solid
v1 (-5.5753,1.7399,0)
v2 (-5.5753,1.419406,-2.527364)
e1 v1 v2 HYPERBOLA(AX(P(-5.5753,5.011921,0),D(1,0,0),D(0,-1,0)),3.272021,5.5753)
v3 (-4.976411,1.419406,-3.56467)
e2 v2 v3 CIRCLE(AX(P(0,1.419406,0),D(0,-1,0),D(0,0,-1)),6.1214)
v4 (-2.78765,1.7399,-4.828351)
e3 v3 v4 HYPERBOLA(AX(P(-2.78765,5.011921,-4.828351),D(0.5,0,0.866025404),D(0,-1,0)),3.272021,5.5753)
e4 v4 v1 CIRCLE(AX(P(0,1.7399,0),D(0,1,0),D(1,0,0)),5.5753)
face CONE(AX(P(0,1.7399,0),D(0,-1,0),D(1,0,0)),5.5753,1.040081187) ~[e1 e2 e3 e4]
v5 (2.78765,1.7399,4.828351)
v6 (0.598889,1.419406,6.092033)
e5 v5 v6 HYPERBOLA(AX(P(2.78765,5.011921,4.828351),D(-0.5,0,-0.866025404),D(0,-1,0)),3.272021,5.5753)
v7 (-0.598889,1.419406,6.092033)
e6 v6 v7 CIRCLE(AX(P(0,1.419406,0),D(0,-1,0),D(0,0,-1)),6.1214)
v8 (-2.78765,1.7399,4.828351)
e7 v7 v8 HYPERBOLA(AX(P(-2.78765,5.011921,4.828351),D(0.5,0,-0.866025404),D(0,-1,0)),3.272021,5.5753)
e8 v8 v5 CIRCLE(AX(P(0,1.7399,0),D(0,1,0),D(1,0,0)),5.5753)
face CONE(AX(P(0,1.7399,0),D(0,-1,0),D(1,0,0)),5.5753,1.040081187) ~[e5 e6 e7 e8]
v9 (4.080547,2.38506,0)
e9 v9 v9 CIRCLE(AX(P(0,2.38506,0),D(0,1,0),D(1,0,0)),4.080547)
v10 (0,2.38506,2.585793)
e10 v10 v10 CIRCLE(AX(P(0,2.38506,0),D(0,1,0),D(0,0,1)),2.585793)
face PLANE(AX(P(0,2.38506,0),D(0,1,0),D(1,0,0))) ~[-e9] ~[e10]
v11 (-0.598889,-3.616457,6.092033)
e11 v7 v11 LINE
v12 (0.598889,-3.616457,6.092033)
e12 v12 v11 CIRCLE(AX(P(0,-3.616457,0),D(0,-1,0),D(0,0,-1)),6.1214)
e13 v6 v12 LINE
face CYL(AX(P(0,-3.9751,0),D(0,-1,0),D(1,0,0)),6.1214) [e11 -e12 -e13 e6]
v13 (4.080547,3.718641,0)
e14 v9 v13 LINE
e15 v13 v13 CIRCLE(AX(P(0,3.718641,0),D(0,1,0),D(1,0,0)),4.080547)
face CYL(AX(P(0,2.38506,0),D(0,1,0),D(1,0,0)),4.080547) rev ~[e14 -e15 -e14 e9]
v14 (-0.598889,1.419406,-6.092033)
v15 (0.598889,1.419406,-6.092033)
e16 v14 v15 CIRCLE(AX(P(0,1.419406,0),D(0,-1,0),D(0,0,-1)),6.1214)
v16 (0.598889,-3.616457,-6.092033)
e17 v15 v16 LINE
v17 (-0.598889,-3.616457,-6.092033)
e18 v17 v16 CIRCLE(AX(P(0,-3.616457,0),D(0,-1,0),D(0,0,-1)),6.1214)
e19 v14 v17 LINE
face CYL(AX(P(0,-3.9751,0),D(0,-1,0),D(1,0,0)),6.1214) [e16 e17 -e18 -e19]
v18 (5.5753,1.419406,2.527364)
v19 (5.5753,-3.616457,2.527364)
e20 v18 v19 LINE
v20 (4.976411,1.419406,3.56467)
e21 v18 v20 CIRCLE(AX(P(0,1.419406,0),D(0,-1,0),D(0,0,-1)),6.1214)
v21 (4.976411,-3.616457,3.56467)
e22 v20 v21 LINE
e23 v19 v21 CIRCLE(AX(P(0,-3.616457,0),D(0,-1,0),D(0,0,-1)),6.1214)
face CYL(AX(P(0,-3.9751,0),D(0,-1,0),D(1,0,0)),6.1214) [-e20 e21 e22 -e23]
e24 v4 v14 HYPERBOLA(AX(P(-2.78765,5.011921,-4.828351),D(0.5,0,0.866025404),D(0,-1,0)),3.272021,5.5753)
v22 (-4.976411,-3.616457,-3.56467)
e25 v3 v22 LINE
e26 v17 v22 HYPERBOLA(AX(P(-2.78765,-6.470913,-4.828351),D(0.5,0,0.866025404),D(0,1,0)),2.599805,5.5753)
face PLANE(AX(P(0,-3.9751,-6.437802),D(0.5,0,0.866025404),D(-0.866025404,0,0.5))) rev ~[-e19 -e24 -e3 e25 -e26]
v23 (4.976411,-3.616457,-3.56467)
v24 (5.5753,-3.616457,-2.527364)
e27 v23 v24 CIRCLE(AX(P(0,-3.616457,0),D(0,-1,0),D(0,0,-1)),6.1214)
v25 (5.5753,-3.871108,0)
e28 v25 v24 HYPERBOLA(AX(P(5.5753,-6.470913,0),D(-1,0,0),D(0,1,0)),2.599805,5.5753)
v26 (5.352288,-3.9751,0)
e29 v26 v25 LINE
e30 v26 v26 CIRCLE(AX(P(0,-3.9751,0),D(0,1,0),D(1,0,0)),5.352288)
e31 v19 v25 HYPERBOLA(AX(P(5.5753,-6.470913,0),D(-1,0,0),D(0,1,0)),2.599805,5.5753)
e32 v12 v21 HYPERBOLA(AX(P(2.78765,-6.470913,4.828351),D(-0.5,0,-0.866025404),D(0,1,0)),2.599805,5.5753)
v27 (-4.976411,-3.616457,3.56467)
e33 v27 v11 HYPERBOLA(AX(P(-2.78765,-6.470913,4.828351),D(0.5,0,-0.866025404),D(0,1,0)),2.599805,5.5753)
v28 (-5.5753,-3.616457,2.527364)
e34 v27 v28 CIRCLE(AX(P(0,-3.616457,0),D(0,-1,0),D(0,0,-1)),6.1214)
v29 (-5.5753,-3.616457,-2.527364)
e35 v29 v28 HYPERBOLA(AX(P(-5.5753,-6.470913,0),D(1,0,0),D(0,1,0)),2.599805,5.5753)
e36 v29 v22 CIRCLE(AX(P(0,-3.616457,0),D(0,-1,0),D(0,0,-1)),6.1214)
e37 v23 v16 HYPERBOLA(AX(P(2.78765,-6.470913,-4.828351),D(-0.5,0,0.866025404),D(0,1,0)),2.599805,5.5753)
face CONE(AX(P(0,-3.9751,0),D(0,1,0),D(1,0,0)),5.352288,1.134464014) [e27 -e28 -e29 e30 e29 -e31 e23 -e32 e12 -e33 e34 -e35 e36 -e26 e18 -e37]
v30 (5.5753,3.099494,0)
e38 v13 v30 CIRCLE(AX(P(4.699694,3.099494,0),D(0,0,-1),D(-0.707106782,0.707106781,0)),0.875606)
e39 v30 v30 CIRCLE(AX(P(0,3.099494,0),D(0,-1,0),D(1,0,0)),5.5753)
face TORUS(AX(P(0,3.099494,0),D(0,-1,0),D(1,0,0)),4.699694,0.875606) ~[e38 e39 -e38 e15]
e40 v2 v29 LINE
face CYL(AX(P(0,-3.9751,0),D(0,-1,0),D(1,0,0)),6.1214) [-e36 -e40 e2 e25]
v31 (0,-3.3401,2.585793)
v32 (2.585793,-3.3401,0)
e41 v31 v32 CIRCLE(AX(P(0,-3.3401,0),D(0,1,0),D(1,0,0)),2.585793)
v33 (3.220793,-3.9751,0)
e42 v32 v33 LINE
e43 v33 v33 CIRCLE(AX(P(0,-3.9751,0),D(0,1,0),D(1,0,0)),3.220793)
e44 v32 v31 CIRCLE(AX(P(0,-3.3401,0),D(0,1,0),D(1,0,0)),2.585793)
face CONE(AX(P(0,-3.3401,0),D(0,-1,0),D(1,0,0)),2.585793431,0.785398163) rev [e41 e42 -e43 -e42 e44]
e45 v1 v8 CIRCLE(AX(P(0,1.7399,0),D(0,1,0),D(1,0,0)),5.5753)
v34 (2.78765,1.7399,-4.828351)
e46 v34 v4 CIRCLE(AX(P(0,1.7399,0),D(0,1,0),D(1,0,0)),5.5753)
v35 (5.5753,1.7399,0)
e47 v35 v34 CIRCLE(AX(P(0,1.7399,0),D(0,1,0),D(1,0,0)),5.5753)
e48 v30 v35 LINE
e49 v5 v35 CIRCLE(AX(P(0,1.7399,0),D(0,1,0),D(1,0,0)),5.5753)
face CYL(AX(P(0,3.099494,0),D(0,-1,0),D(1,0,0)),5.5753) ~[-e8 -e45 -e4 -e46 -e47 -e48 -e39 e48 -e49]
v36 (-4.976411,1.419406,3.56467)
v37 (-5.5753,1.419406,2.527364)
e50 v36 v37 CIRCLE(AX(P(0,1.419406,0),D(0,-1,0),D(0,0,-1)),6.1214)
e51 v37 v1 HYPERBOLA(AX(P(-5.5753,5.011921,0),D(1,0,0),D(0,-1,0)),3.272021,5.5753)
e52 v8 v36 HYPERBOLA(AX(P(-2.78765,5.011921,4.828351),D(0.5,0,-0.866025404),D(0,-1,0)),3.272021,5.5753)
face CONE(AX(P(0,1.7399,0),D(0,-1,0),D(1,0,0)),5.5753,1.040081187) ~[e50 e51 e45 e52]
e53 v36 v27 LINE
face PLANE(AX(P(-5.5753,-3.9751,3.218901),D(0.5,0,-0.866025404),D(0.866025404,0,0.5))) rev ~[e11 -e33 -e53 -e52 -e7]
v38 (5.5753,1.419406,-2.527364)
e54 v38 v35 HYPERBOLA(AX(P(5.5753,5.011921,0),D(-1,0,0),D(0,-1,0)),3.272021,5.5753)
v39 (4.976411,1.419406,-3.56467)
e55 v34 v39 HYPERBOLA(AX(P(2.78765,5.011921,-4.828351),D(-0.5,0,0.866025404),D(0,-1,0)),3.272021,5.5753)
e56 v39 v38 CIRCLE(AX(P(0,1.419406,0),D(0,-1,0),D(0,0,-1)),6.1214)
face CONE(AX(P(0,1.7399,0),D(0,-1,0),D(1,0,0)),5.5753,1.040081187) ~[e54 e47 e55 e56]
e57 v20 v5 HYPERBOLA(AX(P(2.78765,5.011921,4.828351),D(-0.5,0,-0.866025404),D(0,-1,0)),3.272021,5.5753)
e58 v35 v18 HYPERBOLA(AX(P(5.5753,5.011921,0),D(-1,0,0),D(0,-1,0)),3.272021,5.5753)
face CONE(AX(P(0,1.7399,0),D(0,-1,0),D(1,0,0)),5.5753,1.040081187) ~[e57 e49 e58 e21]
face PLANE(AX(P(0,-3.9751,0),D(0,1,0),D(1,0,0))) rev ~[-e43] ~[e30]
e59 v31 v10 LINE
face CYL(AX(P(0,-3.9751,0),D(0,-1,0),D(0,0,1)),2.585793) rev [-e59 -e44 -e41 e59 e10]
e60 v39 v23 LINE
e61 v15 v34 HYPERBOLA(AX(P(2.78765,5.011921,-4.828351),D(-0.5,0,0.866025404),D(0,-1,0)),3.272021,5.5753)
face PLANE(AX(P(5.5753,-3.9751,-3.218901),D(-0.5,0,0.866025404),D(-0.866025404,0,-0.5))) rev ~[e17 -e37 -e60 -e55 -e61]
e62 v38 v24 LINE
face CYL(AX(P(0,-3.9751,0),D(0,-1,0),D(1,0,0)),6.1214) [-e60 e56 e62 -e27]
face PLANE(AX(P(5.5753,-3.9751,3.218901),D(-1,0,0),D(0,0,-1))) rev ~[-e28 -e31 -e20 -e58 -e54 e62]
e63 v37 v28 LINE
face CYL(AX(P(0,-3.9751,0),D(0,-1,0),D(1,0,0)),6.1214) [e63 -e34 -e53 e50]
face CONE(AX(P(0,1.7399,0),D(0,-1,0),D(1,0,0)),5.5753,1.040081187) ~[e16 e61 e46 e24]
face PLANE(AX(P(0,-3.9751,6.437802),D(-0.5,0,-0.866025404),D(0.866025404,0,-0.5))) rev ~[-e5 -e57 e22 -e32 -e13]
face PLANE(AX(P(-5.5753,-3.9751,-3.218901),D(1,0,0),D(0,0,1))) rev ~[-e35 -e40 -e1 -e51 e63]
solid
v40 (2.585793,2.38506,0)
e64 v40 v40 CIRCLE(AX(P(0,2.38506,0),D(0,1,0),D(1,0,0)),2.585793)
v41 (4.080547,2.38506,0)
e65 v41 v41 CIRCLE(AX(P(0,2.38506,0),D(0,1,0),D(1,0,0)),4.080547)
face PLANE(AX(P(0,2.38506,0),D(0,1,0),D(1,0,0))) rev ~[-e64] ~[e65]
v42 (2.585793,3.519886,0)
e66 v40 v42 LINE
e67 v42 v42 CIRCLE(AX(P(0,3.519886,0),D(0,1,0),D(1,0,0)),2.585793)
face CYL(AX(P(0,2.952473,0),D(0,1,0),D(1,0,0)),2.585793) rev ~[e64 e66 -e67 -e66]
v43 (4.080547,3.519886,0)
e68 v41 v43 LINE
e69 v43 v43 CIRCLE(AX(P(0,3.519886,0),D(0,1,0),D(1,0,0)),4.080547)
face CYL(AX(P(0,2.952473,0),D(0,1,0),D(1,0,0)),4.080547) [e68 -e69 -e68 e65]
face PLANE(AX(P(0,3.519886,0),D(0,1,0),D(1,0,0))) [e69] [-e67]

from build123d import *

# Parameters (mm, degrees)
BOSS_EXTRUDE1_DEPTH      = 3.9751
BOSS_EXTRUDE1_DEPTH_BACK = 3.9751
SKETCH2_R                = 2.585793431
SKETCH4_W                = 1.494753284
SKETCH4_H                = 1.134825881
SKETCH11_OUTSIDE_W       = 16.91
SKETCH11_OUTSIDE_H       = 18.636
SKETCH11_OUTSIDE_R       = 6.1214
CUT_EXTRUDE1_DEPTH       = 12.650534115


with BuildPart() as part:
    # Sketch2 → Boss-Extrude1 (new, two sides: drawn at the far end of the back side and taken through both)
    with BuildSketch(Plane(origin=(0, 0, 0), x_dir=(1, 0, 0), z_dir=(0, 1, 0)).offset(-BOSS_EXTRUDE1_DEPTH_BACK)):
        Polygon((0, 6.437801912), (-5.5753, 3.218900956), (-5.5753, -3.218900956), (0, -6.437801912), (5.5753, -3.218900956), (5.5753, 3.218900956), align=None)
        with Locations(Location((0, 0, 0), (0, 0, 270))):
            Circle(SKETCH2_R, mode=Mode.SUBTRACT)
    extrude(amount=BOSS_EXTRUDE1_DEPTH + BOSS_EXTRUDE1_DEPTH_BACK)

    # Sketch3 → Cut-Revolve2 (revolve, cut)
    with BuildSketch(Plane(origin=(0, 0, 0), x_dir=(0, 0, -1), z_dir=(1, 0, 0)), mode=Mode.PRIVATE) as cut_revolve2_sk:
        with BuildLine():
            Line((6.437801912, 1.7399), (6.437801912, 4.9751))
            Line((6.437801912, 4.9751), (2.585793431, 4.9751))
            Line((2.585793431, 4.9751), (2.585793431, 2.38506))
            Line((2.585793431, 2.38506), (4.080546715, 2.38506))
            Line((4.080546715, 2.38506), (4.080546715, 3.718640881))
            ThreePointArc((4.080546715, 3.718640881), (5.034773785, 3.908448447), (5.5753, 3.099493798))
            Line((5.5753, 3.099493798), (5.5753, 1.7399))
            Line((5.5753, 1.7399), (6.437801912, 1.23371655))
            Line((6.437801912, 1.23371655), (6.437801912, 1.7399))
        make_face()
        Polygon((5.352288, -3.9751), (6.437801912, -3.46891655), (6.437801912, -3.9751), align=None)
        Polygon((2.585793431, -3.9751), (2.585793431, -3.3401), (3.220793431, -3.9751), align=None)
    revolve(cut_revolve2_sk.sketch.rotate(Axis((0, -3.9751, 0), (0, 1, 0)), 270), axis=Axis((0, -3.9751, 0), (0, 1, 0)), mode=Mode.SUBTRACT)

    # Sketch11 outside → Cut-Extrude1 (cut, through all)
    with BuildSketch(Plane.XZ.offset(3.9751)):
        Rectangle(SKETCH11_OUTSIDE_W, SKETCH11_OUTSIDE_H)
        Circle(SKETCH11_OUTSIDE_R, mode=Mode.SUBTRACT)
    extrude(amount=-CUT_EXTRUDE1_DEPTH, mode=Mode.SUBTRACT)


with BuildPart() as body_2:
    # Sketch4 → Revolve1 (revolve)
    with BuildSketch(Plane(origin=(0, 0, 0), x_dir=(0, 0, -1), z_dir=(1, 0, 0)), mode=Mode.PRIVATE) as revolve1_sk:
        with Locations((-3.333170073, 2.952472941)):
            Rectangle(SKETCH4_W, SKETCH4_H)
    revolve(revolve1_sk.sketch.rotate(Axis((0, -3.9751, 0), (0, 1, 0)), 90), axis=Axis((0, -3.9751, 0), (0, 1, 0)))


solid = Compound([part.part, body_2.part])
